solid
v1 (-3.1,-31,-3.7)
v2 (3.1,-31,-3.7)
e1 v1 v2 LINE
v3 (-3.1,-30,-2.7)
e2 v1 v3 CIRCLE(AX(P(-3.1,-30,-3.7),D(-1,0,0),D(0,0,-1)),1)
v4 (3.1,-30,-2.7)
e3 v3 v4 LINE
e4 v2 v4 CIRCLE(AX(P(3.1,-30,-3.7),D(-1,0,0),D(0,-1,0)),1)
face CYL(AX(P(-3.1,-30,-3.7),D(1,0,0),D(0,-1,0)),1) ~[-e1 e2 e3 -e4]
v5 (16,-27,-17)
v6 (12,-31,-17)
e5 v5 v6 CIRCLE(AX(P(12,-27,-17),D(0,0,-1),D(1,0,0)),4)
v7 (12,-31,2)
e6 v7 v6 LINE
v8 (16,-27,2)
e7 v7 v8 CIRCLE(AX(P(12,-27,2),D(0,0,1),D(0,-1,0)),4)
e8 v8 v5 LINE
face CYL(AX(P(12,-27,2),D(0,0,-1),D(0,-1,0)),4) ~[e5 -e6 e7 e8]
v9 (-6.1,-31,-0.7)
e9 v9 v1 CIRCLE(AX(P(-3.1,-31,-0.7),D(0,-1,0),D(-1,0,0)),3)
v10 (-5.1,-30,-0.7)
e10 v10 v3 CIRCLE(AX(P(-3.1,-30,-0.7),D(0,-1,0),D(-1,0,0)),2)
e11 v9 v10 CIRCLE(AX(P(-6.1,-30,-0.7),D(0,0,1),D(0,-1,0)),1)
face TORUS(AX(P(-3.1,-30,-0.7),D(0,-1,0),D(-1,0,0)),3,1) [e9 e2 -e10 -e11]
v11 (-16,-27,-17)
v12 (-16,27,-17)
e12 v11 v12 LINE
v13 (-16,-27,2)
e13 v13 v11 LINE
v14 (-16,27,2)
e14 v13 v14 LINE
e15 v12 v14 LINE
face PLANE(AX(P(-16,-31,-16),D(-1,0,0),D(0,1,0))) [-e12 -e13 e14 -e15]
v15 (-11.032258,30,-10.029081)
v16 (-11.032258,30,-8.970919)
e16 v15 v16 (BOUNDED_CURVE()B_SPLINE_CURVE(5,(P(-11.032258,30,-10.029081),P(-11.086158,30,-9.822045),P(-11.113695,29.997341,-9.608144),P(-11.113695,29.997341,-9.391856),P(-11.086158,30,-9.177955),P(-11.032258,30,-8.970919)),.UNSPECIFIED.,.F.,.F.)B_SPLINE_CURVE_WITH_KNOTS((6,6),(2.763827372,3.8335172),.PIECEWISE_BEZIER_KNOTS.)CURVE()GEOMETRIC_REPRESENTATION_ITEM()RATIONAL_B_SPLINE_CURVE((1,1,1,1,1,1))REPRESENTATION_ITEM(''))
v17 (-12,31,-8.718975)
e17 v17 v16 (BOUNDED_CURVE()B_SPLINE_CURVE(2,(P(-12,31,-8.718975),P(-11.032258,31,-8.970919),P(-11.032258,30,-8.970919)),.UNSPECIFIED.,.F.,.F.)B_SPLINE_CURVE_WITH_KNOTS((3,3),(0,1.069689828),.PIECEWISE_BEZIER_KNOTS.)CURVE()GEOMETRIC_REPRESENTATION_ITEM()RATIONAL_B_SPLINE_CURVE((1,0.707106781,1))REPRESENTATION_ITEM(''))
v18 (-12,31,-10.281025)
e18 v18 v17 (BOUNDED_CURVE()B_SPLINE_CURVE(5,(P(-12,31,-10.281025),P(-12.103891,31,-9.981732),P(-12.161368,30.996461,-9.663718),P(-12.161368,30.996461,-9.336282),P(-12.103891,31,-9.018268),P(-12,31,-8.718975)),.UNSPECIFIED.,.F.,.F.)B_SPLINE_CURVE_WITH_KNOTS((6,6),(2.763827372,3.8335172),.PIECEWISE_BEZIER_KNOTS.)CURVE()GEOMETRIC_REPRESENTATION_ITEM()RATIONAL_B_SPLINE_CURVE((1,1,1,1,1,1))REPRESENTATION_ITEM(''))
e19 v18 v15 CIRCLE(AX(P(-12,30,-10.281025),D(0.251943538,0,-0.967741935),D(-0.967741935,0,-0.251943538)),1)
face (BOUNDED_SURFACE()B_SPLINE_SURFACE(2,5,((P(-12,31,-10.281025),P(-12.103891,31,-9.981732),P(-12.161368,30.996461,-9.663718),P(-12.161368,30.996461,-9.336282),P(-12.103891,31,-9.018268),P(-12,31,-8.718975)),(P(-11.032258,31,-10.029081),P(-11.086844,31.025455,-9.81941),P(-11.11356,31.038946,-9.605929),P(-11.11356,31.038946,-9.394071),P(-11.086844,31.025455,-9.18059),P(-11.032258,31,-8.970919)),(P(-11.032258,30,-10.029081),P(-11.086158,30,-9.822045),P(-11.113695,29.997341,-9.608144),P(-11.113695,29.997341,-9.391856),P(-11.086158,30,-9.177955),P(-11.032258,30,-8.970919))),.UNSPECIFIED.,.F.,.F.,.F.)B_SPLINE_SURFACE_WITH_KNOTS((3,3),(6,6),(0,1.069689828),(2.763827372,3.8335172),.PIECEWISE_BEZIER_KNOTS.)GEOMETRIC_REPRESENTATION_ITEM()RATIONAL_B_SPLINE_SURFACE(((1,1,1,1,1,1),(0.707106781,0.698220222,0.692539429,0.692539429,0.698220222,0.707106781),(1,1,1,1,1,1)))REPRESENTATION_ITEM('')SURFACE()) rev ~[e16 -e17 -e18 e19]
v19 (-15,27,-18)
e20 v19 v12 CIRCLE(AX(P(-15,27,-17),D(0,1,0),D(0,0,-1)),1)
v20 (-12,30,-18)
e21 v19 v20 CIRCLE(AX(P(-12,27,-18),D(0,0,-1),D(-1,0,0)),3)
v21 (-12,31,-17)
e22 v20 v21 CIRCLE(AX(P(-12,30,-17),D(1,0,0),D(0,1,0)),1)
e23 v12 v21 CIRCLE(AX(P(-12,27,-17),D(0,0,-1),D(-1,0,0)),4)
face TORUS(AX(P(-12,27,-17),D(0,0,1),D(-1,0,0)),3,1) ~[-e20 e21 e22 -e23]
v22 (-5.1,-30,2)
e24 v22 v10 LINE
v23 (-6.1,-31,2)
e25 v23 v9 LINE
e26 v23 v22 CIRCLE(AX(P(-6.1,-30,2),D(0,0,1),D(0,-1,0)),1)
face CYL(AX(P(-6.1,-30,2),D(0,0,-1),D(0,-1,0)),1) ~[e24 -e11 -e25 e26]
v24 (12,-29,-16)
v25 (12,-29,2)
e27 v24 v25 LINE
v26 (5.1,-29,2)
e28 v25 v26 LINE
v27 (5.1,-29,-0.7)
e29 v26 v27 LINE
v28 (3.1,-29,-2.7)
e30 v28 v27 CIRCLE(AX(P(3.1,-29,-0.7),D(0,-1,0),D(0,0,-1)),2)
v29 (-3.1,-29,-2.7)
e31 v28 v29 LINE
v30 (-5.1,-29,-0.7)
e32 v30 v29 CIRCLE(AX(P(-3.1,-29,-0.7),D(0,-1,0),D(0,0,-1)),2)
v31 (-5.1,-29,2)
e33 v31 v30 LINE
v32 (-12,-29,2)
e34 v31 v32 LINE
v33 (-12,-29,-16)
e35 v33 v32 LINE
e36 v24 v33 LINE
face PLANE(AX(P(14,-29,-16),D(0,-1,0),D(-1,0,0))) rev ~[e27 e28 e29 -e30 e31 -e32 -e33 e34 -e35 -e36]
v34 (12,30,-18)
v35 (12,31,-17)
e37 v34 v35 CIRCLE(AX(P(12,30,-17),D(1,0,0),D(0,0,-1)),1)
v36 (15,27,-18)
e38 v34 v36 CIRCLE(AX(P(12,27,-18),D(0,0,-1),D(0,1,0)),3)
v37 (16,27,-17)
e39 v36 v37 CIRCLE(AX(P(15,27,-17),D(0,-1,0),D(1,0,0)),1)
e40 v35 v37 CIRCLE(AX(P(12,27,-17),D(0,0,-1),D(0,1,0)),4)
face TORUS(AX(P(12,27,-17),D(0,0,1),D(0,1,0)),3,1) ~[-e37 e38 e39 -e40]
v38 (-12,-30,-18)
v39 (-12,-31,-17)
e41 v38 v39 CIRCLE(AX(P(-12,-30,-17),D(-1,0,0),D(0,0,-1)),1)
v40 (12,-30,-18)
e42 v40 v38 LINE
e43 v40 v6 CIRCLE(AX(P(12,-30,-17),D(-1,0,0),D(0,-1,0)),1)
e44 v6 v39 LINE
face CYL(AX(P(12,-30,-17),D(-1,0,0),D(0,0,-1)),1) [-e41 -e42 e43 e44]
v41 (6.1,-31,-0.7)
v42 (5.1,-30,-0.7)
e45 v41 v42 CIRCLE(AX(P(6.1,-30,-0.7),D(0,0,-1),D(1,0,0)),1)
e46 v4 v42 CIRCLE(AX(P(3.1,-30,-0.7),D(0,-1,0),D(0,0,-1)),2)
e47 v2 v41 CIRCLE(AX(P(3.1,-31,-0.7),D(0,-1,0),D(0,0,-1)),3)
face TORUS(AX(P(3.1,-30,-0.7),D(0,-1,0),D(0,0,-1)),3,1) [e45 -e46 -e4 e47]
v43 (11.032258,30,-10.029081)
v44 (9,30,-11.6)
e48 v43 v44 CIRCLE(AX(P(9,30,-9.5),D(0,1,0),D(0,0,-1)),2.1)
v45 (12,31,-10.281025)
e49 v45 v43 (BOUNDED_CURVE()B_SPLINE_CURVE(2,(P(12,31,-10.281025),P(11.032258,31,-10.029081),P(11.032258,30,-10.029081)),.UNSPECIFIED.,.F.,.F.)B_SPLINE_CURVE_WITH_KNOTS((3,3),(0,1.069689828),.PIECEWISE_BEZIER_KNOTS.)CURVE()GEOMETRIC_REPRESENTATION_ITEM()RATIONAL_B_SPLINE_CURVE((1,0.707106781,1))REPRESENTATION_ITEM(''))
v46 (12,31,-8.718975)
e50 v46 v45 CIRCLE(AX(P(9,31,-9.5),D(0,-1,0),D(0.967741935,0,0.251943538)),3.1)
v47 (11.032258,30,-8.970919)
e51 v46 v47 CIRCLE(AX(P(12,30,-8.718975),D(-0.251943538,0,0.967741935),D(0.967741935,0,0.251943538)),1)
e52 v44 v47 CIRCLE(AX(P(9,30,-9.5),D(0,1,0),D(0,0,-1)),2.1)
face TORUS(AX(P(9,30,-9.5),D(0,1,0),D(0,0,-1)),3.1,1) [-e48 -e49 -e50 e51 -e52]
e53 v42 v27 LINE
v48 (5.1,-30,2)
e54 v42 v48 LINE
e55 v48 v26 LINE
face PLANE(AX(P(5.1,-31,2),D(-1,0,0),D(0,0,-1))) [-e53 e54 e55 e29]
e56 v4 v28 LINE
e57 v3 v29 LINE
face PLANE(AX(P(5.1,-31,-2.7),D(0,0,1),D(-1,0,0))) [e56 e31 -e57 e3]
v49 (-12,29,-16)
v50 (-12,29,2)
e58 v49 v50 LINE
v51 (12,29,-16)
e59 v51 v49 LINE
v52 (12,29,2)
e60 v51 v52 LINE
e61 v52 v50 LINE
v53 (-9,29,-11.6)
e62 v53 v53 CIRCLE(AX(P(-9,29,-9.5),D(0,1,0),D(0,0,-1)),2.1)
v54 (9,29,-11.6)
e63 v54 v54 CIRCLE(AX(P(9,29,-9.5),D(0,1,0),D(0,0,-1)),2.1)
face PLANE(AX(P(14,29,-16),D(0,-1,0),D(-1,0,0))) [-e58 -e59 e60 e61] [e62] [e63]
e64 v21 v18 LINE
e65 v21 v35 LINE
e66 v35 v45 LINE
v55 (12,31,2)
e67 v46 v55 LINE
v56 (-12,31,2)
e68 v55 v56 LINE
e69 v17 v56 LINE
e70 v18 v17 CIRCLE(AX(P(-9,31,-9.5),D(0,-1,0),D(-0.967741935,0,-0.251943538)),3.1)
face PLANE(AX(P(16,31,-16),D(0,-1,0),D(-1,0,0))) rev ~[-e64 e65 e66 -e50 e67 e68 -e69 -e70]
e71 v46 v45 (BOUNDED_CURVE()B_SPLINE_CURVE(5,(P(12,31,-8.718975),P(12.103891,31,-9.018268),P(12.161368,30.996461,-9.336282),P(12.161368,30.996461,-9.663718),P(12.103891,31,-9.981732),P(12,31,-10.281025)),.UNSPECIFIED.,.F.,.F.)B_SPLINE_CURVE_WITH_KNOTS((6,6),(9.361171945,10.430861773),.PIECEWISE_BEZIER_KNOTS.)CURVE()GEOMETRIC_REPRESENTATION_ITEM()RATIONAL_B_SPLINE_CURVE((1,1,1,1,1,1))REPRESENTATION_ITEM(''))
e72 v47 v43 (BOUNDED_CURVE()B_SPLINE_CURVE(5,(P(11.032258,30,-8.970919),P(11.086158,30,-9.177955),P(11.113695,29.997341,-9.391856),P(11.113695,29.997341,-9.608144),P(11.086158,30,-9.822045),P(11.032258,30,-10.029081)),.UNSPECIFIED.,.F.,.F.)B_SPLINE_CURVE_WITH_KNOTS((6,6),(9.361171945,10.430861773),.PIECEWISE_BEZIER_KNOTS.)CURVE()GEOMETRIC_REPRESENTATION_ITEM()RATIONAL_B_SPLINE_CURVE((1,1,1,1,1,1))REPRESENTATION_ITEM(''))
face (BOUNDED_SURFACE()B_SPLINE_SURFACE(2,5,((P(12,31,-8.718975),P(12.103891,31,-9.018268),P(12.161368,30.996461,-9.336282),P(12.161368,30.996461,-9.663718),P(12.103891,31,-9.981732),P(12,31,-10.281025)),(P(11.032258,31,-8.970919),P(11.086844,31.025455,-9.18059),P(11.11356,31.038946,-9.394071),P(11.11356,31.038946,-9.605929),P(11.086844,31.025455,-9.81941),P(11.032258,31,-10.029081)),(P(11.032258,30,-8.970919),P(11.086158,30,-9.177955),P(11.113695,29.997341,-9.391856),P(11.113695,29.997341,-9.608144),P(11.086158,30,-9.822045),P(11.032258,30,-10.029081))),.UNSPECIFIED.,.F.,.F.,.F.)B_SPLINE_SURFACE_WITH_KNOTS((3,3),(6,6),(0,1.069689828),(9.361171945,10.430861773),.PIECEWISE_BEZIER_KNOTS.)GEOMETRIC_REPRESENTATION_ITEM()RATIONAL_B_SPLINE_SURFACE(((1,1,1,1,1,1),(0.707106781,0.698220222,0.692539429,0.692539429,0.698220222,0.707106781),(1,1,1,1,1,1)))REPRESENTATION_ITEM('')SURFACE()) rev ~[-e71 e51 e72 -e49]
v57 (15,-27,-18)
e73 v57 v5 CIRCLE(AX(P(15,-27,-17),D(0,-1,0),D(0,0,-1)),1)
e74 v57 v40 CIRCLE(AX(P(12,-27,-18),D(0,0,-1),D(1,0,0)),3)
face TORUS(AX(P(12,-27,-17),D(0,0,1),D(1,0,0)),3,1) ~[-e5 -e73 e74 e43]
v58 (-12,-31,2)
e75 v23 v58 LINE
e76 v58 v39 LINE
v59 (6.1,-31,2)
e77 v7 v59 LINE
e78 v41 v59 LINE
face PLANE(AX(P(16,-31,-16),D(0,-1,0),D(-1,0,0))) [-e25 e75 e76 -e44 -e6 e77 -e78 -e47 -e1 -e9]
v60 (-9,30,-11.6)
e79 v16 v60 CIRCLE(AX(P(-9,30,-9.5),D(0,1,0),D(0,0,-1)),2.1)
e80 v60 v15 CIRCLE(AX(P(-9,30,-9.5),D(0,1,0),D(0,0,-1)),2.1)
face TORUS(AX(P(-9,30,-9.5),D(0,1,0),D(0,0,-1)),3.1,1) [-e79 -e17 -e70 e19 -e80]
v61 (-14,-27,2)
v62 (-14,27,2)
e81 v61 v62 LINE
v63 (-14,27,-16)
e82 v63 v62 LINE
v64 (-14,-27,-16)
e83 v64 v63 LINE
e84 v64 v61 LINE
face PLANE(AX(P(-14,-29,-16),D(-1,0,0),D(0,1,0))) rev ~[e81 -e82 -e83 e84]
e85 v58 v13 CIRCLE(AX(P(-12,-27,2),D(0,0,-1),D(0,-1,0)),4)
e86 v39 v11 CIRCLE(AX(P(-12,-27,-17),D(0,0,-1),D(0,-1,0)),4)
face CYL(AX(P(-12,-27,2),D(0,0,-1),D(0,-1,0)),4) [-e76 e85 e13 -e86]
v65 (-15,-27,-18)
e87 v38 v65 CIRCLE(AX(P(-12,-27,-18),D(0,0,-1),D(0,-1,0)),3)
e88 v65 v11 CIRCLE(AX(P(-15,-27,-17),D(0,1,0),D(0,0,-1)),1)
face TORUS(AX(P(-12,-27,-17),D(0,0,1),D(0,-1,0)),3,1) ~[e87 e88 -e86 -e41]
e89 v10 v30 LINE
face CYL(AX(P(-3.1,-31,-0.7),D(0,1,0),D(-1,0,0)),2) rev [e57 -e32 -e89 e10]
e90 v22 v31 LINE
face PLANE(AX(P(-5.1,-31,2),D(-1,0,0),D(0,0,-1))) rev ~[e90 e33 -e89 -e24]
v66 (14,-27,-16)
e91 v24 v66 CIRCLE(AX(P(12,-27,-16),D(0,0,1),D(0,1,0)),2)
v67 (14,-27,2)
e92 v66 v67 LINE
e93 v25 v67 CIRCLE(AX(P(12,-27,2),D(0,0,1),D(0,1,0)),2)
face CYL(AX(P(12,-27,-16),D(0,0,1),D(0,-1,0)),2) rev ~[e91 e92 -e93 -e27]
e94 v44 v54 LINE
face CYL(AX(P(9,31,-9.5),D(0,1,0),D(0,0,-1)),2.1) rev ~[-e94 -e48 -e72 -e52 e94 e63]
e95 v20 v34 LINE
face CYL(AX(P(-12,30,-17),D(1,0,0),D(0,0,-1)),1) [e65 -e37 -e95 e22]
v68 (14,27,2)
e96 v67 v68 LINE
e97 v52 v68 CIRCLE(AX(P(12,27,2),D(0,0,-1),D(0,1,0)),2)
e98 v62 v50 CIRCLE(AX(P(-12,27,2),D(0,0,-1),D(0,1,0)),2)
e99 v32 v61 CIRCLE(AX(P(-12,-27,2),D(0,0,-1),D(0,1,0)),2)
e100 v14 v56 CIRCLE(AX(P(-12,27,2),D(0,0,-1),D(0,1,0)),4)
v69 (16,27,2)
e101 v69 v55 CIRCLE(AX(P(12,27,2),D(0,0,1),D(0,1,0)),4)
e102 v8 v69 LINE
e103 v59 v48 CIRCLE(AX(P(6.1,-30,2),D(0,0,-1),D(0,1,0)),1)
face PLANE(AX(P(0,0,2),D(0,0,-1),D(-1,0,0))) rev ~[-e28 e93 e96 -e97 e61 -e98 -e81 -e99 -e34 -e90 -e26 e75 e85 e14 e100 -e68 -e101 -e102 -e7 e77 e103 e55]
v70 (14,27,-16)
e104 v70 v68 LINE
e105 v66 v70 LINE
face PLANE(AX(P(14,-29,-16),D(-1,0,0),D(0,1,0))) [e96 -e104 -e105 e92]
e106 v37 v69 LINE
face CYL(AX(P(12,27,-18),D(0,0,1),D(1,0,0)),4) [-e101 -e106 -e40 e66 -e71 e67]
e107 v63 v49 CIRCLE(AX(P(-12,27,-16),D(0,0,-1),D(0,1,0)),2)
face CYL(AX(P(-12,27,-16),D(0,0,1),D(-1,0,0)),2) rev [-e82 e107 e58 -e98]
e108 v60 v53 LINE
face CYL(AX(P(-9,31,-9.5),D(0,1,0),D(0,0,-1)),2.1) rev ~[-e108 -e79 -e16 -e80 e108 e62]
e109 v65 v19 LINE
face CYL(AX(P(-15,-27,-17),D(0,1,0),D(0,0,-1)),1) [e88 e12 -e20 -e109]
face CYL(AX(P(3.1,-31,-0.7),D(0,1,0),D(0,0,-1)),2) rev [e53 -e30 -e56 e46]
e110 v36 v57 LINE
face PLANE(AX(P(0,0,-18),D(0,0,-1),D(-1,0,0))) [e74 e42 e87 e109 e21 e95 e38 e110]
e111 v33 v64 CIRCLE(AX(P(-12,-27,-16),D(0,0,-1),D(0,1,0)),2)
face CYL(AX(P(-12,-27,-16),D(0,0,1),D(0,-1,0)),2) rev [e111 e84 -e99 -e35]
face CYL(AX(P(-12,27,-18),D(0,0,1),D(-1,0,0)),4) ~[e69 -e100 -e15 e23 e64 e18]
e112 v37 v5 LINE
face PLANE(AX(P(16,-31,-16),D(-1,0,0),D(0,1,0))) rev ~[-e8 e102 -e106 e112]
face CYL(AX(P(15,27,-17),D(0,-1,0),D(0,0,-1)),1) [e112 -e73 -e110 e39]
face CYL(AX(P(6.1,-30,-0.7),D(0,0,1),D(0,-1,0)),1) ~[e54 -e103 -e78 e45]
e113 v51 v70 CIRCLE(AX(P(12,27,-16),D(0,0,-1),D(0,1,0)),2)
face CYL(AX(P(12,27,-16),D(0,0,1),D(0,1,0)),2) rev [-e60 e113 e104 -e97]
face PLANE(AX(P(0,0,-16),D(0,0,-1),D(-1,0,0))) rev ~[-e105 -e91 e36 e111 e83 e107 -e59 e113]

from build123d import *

# Parameters (mm, degrees)
SKETCH1_W             = 32
SKETCH1_H             = 62
BOSS_EXTRUDE4_DEPTH   = 2
SKETCH2_W             = 32
SKETCH2_H             = 62
SKETCH2_W_2           = 28
SKETCH2_H_2           = 58
BOSS_EXTRUDE5_DEPTH   = 18
SKETCH3_R             = 2.1
CUT_EXTRUDE1_DEPTH    = 10
SKETCH5_W             = 10.2
SKETCH5_H             = 4.7
CUT_EXTRUDE2_DEPTH    = 2
FILLET13_R            = 2
FILLET14_R            = 4
FILLET15_R            = 1
BODY_MOVE_COPY1_ANGLE = 180


with BuildPart() as part:
    # Sketch1 → Boss-Extrude4 (new body)
    with BuildSketch(Plane.XY):
        Rectangle(SKETCH1_W, SKETCH1_H)
    extrude(amount=BOSS_EXTRUDE4_DEPTH)

    # Sketch2 → Boss-Extrude5 (add)
    with BuildSketch(Plane.XY):
        Rectangle(SKETCH2_W, SKETCH2_H)
        Rectangle(SKETCH2_W_2, SKETCH2_H_2, mode=Mode.SUBTRACT)
    extrude(amount=-BOSS_EXTRUDE5_DEPTH)

    # Sketch3 → Cut-Extrude1 (cut)
    with BuildSketch(Plane(origin=(0, 31, 0), x_dir=(1, 0, 0), z_dir=(0, 1, 0))):
        with Locations(Location((-9, 6.5, 0), (0, 0, 270))):
            Circle(SKETCH3_R)
        with Locations(Location((9, 6.5, 0), (0, 0, 270))):
            Circle(SKETCH3_R)
    extrude(amount=-CUT_EXTRUDE1_DEPTH, mode=Mode.SUBTRACT)

    # Sketch5 → Cut-Extrude2 (cut)
    with BuildSketch(Plane.XZ.offset(31)):
        with Locations((0, -15.65)):
            Rectangle(SKETCH5_W, SKETCH5_H)
    extrude(amount=-CUT_EXTRUDE2_DEPTH, mode=Mode.SUBTRACT)

    # Fillet13
    fillet13_edges = [part.edges().sort_by_distance(p)[0] for p in [
        (14, 29, -9),
        (-14, 29, -9),
        (-14, -29, -9),
        (14, -29, -9),
        (-5.1, -30, -13.3),
        (5.1, -30, -13.3),
    ]]
    fillet(fillet13_edges, radius=FILLET13_R)

    # Fillet14
    fillet14_edges = [part.edges().sort_by_distance(p)[0] for p in [
        (16, -31, -8),
        (-16, -31, -8),
        (-16, 31, -8),
        (16, 31, -8),
    ]]
    fillet(fillet14_edges, radius=FILLET14_R)

    # Fillet15
    fillet15_edges = [part.edges().sort_by_distance(p)[0] for p in [
        (16, 0, 2),
        (0, -31, 2),
        (0, 31, 2),
        (-16, 0, 2),
        (-14.828427125, -29.828427125, 2),
        (-14.828427125, 29.828427125, 2),
        (14.828427125, 29.828427125, 2),
        (14.828427125, -29.828427125, 2),
        (-9, 31, -8.6),
        (9, 31, -8.6),
        (5.1, -31, -16.65),
        (-5.1, -31, -16.65),
        (0, -31, -13.3),
        (-4.514213562, -31, -13.885786438),
        (4.514213562, -31, -13.885786438),
    ]]
    fillet(fillet15_edges, radius=FILLET15_R)


with BuildPart() as part_1:
    # Body-Move/Copy1: moved
    add(part.part.rotate(Axis((0, 0, -8), (0, 1, 0)), BODY_MOVE_COPY1_ANGLE))


solid = part_1.part
